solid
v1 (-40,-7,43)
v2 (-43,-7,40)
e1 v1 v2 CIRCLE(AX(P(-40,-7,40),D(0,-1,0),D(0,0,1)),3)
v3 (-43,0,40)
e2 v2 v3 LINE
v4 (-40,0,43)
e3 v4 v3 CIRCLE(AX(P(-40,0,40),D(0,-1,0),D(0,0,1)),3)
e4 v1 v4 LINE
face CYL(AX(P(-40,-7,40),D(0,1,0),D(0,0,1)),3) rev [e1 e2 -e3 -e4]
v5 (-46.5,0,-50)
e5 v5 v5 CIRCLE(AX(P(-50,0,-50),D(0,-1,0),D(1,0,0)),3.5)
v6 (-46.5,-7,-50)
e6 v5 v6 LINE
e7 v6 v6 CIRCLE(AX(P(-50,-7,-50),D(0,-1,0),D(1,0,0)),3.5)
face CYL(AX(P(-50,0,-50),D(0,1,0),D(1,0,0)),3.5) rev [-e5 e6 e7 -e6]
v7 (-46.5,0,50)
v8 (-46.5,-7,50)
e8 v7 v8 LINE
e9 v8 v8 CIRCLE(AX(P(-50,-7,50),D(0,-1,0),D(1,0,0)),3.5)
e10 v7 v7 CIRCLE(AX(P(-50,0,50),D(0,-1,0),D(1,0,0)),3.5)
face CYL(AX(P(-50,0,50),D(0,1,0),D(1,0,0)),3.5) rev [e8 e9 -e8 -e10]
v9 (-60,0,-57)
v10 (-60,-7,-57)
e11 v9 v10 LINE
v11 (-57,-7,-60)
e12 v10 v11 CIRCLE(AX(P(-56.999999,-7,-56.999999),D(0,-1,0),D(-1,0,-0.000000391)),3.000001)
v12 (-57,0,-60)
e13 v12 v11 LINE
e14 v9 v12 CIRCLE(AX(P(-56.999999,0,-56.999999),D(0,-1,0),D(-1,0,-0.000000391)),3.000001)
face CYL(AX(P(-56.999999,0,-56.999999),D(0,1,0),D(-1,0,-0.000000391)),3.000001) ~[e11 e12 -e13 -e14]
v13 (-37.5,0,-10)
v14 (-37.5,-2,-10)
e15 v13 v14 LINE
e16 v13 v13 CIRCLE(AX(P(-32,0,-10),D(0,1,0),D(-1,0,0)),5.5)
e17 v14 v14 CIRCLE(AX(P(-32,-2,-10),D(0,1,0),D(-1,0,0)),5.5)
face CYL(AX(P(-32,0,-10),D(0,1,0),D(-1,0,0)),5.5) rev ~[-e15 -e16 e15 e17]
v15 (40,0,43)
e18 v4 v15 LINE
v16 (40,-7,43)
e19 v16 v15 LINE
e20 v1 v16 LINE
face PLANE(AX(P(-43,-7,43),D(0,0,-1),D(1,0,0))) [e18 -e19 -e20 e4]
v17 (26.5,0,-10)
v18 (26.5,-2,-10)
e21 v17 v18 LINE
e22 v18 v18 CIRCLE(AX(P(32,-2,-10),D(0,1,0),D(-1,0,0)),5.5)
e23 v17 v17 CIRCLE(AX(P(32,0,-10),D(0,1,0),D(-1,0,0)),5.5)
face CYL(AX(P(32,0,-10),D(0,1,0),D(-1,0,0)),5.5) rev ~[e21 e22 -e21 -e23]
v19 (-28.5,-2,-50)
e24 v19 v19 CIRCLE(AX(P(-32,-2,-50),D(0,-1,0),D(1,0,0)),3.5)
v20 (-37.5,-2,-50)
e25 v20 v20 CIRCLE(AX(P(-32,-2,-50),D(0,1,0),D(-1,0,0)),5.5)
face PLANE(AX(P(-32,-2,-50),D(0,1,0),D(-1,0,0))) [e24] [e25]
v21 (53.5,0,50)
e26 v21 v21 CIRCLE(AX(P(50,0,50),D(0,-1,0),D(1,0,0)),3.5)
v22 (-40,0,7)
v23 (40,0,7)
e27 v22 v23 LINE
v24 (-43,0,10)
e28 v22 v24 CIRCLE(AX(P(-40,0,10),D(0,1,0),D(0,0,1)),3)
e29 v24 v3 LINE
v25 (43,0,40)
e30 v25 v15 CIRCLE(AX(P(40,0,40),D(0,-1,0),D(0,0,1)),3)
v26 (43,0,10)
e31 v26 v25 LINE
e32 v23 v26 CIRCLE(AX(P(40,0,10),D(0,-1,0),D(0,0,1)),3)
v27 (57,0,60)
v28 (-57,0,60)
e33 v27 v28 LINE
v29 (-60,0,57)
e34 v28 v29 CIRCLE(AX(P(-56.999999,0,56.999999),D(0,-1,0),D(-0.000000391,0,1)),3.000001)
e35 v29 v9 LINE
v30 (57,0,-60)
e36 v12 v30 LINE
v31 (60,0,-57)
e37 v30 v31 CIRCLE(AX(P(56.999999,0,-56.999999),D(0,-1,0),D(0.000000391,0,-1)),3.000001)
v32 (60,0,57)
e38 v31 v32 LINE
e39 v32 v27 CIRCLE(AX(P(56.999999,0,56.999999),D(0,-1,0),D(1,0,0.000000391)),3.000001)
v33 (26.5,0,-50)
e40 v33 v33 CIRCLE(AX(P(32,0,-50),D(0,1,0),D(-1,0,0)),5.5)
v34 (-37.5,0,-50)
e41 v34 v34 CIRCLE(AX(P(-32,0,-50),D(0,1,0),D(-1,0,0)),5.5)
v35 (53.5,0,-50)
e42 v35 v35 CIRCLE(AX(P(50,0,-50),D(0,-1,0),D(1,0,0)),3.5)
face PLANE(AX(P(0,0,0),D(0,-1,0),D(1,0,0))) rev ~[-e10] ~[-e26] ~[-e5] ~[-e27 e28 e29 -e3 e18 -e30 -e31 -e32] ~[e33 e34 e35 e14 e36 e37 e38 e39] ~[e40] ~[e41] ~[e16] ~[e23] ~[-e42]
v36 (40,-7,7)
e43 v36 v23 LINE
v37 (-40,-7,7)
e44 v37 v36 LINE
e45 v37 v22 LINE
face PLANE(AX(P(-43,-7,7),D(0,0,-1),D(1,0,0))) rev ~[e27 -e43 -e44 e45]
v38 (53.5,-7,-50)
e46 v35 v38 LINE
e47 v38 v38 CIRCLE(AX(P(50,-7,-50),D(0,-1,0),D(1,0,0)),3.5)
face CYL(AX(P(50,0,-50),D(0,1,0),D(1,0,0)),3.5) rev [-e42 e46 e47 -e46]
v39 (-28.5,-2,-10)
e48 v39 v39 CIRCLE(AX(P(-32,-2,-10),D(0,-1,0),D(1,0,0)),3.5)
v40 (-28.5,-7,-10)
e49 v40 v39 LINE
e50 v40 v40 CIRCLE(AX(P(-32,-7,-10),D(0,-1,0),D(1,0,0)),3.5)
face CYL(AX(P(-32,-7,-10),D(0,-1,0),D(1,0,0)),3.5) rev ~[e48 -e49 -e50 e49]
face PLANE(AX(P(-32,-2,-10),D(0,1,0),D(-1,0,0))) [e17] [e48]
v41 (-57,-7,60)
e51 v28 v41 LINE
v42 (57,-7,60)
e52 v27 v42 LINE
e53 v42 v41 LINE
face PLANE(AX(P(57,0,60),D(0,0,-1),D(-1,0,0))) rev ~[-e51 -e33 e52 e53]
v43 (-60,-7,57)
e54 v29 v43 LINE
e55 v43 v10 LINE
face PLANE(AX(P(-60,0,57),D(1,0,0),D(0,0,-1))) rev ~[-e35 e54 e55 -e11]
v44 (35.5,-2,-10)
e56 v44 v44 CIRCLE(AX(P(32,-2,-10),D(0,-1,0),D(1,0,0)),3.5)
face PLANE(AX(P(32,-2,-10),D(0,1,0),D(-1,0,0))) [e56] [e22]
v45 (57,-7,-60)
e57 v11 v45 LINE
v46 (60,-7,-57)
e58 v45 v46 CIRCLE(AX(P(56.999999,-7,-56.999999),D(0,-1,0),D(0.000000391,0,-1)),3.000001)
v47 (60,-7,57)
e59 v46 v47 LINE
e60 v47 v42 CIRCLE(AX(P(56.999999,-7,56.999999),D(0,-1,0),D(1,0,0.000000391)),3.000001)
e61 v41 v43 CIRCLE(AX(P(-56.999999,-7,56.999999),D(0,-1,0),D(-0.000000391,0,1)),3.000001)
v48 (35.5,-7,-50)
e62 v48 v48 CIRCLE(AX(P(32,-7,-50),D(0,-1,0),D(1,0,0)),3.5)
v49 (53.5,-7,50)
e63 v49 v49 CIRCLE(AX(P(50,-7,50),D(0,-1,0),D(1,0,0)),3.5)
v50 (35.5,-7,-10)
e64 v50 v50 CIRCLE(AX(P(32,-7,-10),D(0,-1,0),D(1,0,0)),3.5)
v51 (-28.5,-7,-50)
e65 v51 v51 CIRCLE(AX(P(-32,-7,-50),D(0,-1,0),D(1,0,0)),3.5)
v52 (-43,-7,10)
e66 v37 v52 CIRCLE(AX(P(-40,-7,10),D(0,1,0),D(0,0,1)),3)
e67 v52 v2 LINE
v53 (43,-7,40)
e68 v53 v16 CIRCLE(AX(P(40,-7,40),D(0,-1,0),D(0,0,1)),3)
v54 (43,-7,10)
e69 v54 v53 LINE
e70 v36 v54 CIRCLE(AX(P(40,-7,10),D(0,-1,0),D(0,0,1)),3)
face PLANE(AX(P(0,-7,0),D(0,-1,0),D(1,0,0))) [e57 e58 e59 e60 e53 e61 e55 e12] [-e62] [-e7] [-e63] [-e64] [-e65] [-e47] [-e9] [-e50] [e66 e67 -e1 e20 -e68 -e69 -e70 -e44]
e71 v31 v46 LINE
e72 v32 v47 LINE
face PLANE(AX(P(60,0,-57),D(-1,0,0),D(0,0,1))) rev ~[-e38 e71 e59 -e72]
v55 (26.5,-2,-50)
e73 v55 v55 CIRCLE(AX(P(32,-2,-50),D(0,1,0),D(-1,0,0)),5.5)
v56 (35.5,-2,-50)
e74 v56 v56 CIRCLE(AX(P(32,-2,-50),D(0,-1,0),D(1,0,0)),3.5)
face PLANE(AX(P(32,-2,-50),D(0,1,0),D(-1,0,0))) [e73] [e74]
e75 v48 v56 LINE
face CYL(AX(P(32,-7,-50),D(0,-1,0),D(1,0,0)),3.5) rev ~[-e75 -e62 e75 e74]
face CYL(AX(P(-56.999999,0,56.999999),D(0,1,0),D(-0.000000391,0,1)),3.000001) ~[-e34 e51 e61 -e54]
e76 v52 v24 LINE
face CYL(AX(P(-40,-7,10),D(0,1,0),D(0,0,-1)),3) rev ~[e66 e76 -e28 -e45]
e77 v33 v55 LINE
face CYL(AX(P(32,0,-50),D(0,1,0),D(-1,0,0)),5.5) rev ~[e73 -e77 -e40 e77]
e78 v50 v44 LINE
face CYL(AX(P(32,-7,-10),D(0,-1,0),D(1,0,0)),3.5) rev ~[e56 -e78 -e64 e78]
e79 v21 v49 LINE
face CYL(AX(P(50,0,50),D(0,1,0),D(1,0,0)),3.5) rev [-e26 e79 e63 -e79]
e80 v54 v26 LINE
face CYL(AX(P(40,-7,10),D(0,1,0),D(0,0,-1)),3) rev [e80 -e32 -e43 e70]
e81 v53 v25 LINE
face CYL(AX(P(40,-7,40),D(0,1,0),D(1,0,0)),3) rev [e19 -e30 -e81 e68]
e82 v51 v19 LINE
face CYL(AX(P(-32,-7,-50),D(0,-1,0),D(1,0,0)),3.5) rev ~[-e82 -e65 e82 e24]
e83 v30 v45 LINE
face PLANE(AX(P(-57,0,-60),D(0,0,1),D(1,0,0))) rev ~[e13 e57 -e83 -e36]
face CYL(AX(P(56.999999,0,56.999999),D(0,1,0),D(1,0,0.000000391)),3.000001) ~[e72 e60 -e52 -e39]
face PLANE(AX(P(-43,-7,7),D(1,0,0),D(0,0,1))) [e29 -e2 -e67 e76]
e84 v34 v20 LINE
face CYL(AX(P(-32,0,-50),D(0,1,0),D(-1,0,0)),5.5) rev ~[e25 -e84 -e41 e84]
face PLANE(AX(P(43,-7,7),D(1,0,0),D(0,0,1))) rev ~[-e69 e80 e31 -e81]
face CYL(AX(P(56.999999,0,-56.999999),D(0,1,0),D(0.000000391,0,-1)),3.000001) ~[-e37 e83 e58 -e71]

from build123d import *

# Parameters (mm, degrees)
F0_R     = 3.5
F1_DEPTH = 7
F2_R     = 3.5
F3_DEPTH = 25
F4_R     = 5.5
F5_DEPTH = 2
F6_W     = 86
F6_H     = 36
F7_DEPTH = 25
F8_R     = 3


with BuildPart() as f1:
    # F0 (on Front) → F1 (new body)
    with BuildSketch(Plane.XZ):
        with BuildLine():
            Line((-57, -60), (57, -60))
            ThreePointArc((57, -60), (59.12132, -59.12132), (60, -57))
            Line((60, -57), (60, 57))
            ThreePointArc((60, 57), (59.12132, 59.12132), (57, 60))
            Line((57, 60), (-57, 60))
            ThreePointArc((-57, 60), (-59.12132, 59.12132), (-60, 57))
            Line((-60, 57), (-60, -57))
            ThreePointArc((-60, -57), (-59.12132, -59.12132), (-57, -60))
        make_face()
        with Locations((-50, -50)):
            Circle(F0_R, mode=Mode.SUBTRACT)
        with Locations((50, -50)):
            Circle(F0_R, mode=Mode.SUBTRACT)
        with Locations((-50, 50)):
            Circle(F0_R, mode=Mode.SUBTRACT)
        with Locations((50, 50)):
            Circle(F0_R, mode=Mode.SUBTRACT)
    extrude(amount=F1_DEPTH)

    # F2 (on face) → F3 (cut)
    with BuildSketch(Plane.XZ.offset(7)):
        with Locations((-32, -10)):
            Circle(F2_R)
        with Locations((-32, -50)):
            Circle(F2_R)
        with Locations((32, -50)):
            Circle(F2_R)
        with Locations((32, -10)):
            Circle(F2_R)
    extrude(amount=-F3_DEPTH, mode=Mode.SUBTRACT)

    # F4 (on face) → F5 (cut)
    with BuildSketch(Plane(origin=(0, 0, 0), x_dir=(-1, 0, 0), z_dir=(0, 1, 0))):
        with Locations((-32, -10)):
            Circle(F4_R)
        with Locations((-32, -50)):
            Circle(F4_R)
        with Locations((32, -50)):
            Circle(F4_R)
        with Locations((32, -10)):
            Circle(F4_R)
    extrude(amount=-F5_DEPTH, mode=Mode.SUBTRACT)

    # F6 (on face) → F7 (cut)
    with BuildSketch(Plane.XZ.offset(7)):
        with Locations((0, 25)):
            Rectangle(F6_W, F6_H)
    extrude(amount=-F7_DEPTH, mode=Mode.SUBTRACT)

    # F8
    f8_edges = [f1.edges().sort_by_distance(p)[0] for p in [
        (-43, -3.5, 43),
        (-43, -3.5, 7),
        (43, -3.5, 43),
        (43, -3.5, 7),
    ]]
    fillet(f8_edges, radius=F8_R)


solid = f1.part
